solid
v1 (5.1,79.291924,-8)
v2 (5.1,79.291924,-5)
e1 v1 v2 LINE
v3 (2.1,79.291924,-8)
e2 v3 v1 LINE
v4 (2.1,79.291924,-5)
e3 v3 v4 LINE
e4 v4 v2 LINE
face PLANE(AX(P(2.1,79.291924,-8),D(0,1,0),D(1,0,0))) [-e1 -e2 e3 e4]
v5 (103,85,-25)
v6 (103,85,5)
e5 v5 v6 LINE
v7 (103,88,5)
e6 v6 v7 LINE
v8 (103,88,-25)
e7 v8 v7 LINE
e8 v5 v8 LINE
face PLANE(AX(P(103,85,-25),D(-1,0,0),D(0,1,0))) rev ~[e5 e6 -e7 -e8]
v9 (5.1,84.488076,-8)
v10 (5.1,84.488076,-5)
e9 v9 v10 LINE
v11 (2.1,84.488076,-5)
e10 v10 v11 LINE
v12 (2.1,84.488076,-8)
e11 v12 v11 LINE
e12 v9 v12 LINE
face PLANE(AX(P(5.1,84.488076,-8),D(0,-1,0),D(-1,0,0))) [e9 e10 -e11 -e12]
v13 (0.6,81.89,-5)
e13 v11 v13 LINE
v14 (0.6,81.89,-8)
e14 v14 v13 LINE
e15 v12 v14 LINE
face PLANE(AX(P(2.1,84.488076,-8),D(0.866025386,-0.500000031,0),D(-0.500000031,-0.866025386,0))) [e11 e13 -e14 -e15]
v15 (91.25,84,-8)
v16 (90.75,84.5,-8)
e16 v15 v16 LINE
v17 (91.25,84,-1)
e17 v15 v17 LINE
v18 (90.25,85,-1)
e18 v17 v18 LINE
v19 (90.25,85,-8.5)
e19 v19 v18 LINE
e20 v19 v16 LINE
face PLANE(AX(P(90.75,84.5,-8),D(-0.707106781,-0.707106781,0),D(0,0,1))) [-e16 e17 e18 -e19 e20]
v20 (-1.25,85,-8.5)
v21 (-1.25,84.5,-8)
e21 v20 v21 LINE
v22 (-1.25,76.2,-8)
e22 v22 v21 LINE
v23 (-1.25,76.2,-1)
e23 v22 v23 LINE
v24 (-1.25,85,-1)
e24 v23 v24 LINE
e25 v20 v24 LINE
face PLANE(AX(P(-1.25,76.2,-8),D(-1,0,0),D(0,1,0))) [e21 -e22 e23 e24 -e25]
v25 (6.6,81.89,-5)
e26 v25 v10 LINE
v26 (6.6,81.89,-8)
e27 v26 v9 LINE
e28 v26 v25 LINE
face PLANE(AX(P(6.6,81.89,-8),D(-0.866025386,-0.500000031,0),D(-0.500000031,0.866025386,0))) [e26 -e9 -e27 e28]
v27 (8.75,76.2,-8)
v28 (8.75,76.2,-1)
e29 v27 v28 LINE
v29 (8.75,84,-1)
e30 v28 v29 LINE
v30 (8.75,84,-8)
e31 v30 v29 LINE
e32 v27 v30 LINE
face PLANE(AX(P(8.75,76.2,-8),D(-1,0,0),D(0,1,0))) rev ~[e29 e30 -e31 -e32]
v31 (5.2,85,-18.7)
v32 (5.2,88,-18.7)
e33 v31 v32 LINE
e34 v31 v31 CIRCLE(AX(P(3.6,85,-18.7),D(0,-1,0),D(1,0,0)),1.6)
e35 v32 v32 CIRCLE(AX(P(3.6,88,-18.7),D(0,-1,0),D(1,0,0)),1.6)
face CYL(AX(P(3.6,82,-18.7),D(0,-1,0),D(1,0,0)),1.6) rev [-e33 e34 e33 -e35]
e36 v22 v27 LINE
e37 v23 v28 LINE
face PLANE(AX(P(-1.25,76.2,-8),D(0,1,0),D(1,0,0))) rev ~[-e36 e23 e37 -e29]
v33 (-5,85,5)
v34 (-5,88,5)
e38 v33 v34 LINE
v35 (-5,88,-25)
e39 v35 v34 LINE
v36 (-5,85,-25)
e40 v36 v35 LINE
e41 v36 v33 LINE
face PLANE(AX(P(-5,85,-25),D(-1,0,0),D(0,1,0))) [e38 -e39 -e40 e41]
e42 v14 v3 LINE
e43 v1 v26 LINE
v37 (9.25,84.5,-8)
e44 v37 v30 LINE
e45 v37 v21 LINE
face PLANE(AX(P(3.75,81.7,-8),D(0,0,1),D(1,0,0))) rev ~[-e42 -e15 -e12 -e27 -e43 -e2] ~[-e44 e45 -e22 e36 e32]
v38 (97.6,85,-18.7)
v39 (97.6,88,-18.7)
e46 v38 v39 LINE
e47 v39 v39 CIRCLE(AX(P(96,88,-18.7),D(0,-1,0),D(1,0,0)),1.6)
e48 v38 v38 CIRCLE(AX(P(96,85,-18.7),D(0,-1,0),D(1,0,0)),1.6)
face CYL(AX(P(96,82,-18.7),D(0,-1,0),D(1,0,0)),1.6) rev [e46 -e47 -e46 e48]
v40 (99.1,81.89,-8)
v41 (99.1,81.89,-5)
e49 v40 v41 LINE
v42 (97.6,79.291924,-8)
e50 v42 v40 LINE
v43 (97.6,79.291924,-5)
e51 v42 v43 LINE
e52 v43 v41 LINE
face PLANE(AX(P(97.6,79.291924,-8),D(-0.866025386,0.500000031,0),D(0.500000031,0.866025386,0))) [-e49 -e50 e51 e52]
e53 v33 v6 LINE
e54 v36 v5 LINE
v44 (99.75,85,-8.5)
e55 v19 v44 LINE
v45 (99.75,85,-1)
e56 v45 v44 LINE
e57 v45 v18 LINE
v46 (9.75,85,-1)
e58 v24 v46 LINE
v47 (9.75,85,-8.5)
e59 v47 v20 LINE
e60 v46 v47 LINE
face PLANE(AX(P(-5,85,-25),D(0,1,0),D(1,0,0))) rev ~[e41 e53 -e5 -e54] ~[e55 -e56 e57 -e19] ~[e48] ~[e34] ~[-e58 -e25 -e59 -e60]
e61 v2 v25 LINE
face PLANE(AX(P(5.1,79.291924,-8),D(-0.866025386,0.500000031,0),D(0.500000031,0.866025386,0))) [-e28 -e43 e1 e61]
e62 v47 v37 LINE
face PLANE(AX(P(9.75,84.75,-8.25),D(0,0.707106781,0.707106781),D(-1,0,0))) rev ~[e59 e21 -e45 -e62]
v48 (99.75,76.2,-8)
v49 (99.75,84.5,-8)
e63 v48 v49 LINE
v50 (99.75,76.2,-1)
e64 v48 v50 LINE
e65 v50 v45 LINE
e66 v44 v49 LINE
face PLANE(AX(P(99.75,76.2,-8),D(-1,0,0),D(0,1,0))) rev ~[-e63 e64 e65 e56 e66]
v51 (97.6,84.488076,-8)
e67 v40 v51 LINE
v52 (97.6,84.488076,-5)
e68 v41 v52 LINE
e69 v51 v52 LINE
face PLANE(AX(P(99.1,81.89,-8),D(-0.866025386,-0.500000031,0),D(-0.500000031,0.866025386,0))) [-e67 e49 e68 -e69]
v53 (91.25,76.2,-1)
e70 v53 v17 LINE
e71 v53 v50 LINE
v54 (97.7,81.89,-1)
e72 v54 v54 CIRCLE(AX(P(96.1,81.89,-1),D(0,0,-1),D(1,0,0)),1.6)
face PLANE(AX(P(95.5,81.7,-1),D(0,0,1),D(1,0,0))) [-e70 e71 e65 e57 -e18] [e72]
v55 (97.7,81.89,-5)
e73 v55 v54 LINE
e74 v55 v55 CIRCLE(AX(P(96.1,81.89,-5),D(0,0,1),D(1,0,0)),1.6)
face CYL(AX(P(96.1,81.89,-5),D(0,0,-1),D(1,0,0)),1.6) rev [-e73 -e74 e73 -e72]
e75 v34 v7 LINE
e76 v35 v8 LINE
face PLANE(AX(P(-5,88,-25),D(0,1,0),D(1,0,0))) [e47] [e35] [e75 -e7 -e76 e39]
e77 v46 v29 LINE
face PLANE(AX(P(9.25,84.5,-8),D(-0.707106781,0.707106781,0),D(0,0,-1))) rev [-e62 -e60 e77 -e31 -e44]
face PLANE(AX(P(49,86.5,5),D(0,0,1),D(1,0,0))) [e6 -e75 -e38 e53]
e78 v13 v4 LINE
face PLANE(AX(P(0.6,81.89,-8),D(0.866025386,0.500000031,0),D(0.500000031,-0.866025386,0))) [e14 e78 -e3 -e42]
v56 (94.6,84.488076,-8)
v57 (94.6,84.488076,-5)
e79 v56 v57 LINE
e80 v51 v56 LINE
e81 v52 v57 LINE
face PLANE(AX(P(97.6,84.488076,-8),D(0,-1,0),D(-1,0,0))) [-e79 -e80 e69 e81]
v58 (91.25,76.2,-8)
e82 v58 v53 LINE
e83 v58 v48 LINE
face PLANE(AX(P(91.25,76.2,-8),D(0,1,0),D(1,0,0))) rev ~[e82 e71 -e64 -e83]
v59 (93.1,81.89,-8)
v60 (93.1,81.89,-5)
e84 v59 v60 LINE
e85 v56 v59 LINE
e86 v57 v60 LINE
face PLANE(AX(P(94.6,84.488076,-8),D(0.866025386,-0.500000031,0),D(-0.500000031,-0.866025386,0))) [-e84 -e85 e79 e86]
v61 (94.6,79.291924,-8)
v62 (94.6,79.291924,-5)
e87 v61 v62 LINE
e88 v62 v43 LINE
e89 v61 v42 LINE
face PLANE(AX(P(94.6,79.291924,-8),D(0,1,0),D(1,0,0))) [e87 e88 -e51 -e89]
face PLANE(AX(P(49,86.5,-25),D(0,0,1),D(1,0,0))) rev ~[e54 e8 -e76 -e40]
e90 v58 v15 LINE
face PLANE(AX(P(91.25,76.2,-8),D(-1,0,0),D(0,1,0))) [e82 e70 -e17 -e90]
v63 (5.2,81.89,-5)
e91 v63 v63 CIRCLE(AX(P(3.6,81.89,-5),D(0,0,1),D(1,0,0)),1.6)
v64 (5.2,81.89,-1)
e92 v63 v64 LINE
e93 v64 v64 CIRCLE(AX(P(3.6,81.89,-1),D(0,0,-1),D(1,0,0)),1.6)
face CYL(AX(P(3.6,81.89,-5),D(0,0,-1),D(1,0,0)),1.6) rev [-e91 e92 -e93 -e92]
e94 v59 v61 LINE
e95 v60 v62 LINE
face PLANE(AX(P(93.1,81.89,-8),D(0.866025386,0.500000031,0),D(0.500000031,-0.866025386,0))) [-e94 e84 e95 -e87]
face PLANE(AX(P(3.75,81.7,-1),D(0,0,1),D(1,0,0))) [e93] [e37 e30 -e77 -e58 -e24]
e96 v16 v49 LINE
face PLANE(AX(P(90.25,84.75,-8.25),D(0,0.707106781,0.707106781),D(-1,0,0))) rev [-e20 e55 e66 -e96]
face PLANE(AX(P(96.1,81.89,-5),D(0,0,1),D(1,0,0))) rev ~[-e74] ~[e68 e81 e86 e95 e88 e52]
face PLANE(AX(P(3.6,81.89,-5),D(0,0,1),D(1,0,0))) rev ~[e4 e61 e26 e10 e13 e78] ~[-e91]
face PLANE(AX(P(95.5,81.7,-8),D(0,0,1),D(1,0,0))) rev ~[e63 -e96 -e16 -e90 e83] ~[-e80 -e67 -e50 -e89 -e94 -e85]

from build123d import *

# Parameters (mm, degrees)
CYLINDER019_R          = 1.6
CYLINDER019_DEPTH      = 10
PRISM002_DEPTH         = 3
BOX022_W               = 10
BOX022_H               = 11
BOX022_DEPTH           = 7
CYLINDER020_R          = 1.6
CYLINDER020_DEPTH      = 10
PRISM003_DEPTH         = 3
BOX023_W               = 8.5
BOX023_H               = 11
BOX023_DEPTH           = 7
CYLINDER017_R          = 1.6
CYLINDER017_DEPTH      = 10
CYLINDER017_ROLL_ANGLE = -90
CYLINDER015_R          = 1.6
CYLINDER015_DEPTH      = 10
CYLINDER015_ROLL_ANGLE = -90
BOX005_W               = 108
BOX005_H               = 3
BOX005_DEPTH           = 30
CHAMFER001_SIZE        = 1
CHAMFER002_SIZE        = 0.5
CHAMFER003_SIZE        = 0.5


with BuildPart() as cylinder019:
    # Cylinder019 → Cylinder019 (new body)
    with BuildSketch(Plane(origin=(3.6, 5.69, -5), x_dir=(1, 0, 0), z_dir=(0, 0, 1))):
        Circle(CYLINDER019_R)
    extrude(amount=CYLINDER019_DEPTH)


with BuildPart() as prism002:
    # Prism002 → Prism002 (new body)
    with BuildSketch(Plane(origin=(3.6, 5.69, -7), x_dir=(1, 0, 0), z_dir=(0, 0, 1))):
        Polygon((3, 0), (1.5, 2.598076), (-1.5, 2.598076), (-3, 0), (-1.5, -2.598076), (1.5, -2.598076), align=None)
    extrude(amount=PRISM002_DEPTH)


with BuildPart() as cut010:
    # Box022 → Box022 (new body)
    with BuildSketch(Plane(origin=(-1.25, 0, -7), x_dir=(1, 0, 0), z_dir=(0, 0, 1))):
        with Locations((5, 5.5)):
            Rectangle(BOX022_W, BOX022_H)
    extrude(amount=BOX022_DEPTH)

    # Cut009: cut Prism002
    add(prism002.part, mode=Mode.SUBTRACT)


with BuildPart() as cut010_1:
    # Cut009 placement: moved
    add(cut010.part.moved(Location((0, 0, -1))))

    # Cut010: cut Cylinder019
    add(cylinder019.part, mode=Mode.SUBTRACT)


with BuildPart() as cut010_2:
    # Cut010 placement: moved
    add(cut010_1.part.moved(Location((0, 76.2, 0))))


with BuildPart() as cylinder020:
    # Cylinder020 → Cylinder020 (new body)
    with BuildSketch(Plane(origin=(3.6, 5.69, -5), x_dir=(1, 0, 0), z_dir=(0, 0, 1))):
        Circle(CYLINDER020_R)
    extrude(amount=CYLINDER020_DEPTH)


with BuildPart() as prism003:
    # Prism003 → Prism003 (new body)
    with BuildSketch(Plane(origin=(3.6, 5.69, -7), x_dir=(1, 0, 0), z_dir=(0, 0, 1))):
        Polygon((3, 0), (1.5, 2.598076), (-1.5, 2.598076), (-3, 0), (-1.5, -2.598076), (1.5, -2.598076), align=None)
    extrude(amount=PRISM003_DEPTH)


with BuildPart() as cut012:
    # Box023 → Box023 (new body)
    with BuildSketch(Plane(origin=(-1.25, 0, -7), x_dir=(1, 0, 0), z_dir=(0, 0, 1))):
        with Locations((4.25, 5.5)):
            Rectangle(BOX023_W, BOX023_H)
    extrude(amount=BOX023_DEPTH)

    # Cut011: cut Prism003
    add(prism003.part, mode=Mode.SUBTRACT)


with BuildPart() as cut012_1:
    # Cut011 placement: moved
    add(cut012.part.moved(Location((0, 0, -1))))

    # Cut012: cut Cylinder020
    add(cylinder020.part, mode=Mode.SUBTRACT)


with BuildPart() as cut012_2:
    # Cut012 placement: moved
    add(cut012_1.part.moved(Location((92.5, 76.2, 0))))


with BuildPart() as cylinder017:
    # Cylinder017 → Cylinder017 (new body)
    with BuildSketch(Plane.XY):
        Circle(CYLINDER017_R)
    extrude(amount=CYLINDER017_DEPTH)


with BuildPart() as cylinder017_1:
    # Cylinder017 roll: moved
    add(cylinder017.part.rotate(Axis((0, 0, 0), (1, 0, 0)), CYLINDER017_ROLL_ANGLE))


with BuildPart() as cylinder017_2:
    # Cylinder017 placement: moved
    add(cylinder017_1.part.moved(Location((96, 82, -18.7))))


with BuildPart() as left_holes:
    # Cylinder015 → Cylinder015 (new body)
    with BuildSketch(Plane.XY):
        Circle(CYLINDER015_R)
    extrude(amount=CYLINDER015_DEPTH)


with BuildPart() as left_holes_1:
    # Cylinder015 roll: moved
    add(left_holes.part.rotate(Axis((0, 0, 0), (1, 0, 0)), CYLINDER015_ROLL_ANGLE))


with BuildPart() as left_holes_2:
    # Cylinder015 placement: moved
    add(left_holes_1.part.moved(Location((3.6, 82, -18.7))))

    # Fusion006: union Cylinder017
    add(cylinder017_2.part)


with BuildPart() as left_side_final001:
    # Box005 → Box005 (new body)
    with BuildSketch(Plane(origin=(-5, 85, -25), x_dir=(1, 0, 0), z_dir=(0, 0, 1))):
        with Locations((54, 1.5)):
            Rectangle(BOX005_W, BOX005_H)
    extrude(amount=BOX005_DEPTH)

    # Cut026: cut left holes
    add(left_holes_2.part, mode=Mode.SUBTRACT)

    # Fusion012: union Cut010, Cut012
    add(cut010_2.part)
    add(cut012_2.part)

    # Chamfer001
    chamfer001_edges = [left_side_final001.edges().sort_by_distance(p)[0] for p in [
        (91.25, 85, -4.5),
        (8.75, 85, -4.5),
    ]]
    chamfer(chamfer001_edges, length=CHAMFER001_SIZE)

    # Chamfer002
    chamfer002_edges = [left_side_final001.edges().sort_by_distance(p)[0] for p in [
        (95.5, 85, -8),
    ]]
    chamfer(chamfer002_edges, length=CHAMFER002_SIZE)

    # Chamfer003
    chamfer003_edges = [left_side_final001.edges().sort_by_distance(p)[0] for p in [
        (3.75, 85, -8),
    ]]
    chamfer(chamfer003_edges, length=CHAMFER003_SIZE)


solid = left_side_final001.part
